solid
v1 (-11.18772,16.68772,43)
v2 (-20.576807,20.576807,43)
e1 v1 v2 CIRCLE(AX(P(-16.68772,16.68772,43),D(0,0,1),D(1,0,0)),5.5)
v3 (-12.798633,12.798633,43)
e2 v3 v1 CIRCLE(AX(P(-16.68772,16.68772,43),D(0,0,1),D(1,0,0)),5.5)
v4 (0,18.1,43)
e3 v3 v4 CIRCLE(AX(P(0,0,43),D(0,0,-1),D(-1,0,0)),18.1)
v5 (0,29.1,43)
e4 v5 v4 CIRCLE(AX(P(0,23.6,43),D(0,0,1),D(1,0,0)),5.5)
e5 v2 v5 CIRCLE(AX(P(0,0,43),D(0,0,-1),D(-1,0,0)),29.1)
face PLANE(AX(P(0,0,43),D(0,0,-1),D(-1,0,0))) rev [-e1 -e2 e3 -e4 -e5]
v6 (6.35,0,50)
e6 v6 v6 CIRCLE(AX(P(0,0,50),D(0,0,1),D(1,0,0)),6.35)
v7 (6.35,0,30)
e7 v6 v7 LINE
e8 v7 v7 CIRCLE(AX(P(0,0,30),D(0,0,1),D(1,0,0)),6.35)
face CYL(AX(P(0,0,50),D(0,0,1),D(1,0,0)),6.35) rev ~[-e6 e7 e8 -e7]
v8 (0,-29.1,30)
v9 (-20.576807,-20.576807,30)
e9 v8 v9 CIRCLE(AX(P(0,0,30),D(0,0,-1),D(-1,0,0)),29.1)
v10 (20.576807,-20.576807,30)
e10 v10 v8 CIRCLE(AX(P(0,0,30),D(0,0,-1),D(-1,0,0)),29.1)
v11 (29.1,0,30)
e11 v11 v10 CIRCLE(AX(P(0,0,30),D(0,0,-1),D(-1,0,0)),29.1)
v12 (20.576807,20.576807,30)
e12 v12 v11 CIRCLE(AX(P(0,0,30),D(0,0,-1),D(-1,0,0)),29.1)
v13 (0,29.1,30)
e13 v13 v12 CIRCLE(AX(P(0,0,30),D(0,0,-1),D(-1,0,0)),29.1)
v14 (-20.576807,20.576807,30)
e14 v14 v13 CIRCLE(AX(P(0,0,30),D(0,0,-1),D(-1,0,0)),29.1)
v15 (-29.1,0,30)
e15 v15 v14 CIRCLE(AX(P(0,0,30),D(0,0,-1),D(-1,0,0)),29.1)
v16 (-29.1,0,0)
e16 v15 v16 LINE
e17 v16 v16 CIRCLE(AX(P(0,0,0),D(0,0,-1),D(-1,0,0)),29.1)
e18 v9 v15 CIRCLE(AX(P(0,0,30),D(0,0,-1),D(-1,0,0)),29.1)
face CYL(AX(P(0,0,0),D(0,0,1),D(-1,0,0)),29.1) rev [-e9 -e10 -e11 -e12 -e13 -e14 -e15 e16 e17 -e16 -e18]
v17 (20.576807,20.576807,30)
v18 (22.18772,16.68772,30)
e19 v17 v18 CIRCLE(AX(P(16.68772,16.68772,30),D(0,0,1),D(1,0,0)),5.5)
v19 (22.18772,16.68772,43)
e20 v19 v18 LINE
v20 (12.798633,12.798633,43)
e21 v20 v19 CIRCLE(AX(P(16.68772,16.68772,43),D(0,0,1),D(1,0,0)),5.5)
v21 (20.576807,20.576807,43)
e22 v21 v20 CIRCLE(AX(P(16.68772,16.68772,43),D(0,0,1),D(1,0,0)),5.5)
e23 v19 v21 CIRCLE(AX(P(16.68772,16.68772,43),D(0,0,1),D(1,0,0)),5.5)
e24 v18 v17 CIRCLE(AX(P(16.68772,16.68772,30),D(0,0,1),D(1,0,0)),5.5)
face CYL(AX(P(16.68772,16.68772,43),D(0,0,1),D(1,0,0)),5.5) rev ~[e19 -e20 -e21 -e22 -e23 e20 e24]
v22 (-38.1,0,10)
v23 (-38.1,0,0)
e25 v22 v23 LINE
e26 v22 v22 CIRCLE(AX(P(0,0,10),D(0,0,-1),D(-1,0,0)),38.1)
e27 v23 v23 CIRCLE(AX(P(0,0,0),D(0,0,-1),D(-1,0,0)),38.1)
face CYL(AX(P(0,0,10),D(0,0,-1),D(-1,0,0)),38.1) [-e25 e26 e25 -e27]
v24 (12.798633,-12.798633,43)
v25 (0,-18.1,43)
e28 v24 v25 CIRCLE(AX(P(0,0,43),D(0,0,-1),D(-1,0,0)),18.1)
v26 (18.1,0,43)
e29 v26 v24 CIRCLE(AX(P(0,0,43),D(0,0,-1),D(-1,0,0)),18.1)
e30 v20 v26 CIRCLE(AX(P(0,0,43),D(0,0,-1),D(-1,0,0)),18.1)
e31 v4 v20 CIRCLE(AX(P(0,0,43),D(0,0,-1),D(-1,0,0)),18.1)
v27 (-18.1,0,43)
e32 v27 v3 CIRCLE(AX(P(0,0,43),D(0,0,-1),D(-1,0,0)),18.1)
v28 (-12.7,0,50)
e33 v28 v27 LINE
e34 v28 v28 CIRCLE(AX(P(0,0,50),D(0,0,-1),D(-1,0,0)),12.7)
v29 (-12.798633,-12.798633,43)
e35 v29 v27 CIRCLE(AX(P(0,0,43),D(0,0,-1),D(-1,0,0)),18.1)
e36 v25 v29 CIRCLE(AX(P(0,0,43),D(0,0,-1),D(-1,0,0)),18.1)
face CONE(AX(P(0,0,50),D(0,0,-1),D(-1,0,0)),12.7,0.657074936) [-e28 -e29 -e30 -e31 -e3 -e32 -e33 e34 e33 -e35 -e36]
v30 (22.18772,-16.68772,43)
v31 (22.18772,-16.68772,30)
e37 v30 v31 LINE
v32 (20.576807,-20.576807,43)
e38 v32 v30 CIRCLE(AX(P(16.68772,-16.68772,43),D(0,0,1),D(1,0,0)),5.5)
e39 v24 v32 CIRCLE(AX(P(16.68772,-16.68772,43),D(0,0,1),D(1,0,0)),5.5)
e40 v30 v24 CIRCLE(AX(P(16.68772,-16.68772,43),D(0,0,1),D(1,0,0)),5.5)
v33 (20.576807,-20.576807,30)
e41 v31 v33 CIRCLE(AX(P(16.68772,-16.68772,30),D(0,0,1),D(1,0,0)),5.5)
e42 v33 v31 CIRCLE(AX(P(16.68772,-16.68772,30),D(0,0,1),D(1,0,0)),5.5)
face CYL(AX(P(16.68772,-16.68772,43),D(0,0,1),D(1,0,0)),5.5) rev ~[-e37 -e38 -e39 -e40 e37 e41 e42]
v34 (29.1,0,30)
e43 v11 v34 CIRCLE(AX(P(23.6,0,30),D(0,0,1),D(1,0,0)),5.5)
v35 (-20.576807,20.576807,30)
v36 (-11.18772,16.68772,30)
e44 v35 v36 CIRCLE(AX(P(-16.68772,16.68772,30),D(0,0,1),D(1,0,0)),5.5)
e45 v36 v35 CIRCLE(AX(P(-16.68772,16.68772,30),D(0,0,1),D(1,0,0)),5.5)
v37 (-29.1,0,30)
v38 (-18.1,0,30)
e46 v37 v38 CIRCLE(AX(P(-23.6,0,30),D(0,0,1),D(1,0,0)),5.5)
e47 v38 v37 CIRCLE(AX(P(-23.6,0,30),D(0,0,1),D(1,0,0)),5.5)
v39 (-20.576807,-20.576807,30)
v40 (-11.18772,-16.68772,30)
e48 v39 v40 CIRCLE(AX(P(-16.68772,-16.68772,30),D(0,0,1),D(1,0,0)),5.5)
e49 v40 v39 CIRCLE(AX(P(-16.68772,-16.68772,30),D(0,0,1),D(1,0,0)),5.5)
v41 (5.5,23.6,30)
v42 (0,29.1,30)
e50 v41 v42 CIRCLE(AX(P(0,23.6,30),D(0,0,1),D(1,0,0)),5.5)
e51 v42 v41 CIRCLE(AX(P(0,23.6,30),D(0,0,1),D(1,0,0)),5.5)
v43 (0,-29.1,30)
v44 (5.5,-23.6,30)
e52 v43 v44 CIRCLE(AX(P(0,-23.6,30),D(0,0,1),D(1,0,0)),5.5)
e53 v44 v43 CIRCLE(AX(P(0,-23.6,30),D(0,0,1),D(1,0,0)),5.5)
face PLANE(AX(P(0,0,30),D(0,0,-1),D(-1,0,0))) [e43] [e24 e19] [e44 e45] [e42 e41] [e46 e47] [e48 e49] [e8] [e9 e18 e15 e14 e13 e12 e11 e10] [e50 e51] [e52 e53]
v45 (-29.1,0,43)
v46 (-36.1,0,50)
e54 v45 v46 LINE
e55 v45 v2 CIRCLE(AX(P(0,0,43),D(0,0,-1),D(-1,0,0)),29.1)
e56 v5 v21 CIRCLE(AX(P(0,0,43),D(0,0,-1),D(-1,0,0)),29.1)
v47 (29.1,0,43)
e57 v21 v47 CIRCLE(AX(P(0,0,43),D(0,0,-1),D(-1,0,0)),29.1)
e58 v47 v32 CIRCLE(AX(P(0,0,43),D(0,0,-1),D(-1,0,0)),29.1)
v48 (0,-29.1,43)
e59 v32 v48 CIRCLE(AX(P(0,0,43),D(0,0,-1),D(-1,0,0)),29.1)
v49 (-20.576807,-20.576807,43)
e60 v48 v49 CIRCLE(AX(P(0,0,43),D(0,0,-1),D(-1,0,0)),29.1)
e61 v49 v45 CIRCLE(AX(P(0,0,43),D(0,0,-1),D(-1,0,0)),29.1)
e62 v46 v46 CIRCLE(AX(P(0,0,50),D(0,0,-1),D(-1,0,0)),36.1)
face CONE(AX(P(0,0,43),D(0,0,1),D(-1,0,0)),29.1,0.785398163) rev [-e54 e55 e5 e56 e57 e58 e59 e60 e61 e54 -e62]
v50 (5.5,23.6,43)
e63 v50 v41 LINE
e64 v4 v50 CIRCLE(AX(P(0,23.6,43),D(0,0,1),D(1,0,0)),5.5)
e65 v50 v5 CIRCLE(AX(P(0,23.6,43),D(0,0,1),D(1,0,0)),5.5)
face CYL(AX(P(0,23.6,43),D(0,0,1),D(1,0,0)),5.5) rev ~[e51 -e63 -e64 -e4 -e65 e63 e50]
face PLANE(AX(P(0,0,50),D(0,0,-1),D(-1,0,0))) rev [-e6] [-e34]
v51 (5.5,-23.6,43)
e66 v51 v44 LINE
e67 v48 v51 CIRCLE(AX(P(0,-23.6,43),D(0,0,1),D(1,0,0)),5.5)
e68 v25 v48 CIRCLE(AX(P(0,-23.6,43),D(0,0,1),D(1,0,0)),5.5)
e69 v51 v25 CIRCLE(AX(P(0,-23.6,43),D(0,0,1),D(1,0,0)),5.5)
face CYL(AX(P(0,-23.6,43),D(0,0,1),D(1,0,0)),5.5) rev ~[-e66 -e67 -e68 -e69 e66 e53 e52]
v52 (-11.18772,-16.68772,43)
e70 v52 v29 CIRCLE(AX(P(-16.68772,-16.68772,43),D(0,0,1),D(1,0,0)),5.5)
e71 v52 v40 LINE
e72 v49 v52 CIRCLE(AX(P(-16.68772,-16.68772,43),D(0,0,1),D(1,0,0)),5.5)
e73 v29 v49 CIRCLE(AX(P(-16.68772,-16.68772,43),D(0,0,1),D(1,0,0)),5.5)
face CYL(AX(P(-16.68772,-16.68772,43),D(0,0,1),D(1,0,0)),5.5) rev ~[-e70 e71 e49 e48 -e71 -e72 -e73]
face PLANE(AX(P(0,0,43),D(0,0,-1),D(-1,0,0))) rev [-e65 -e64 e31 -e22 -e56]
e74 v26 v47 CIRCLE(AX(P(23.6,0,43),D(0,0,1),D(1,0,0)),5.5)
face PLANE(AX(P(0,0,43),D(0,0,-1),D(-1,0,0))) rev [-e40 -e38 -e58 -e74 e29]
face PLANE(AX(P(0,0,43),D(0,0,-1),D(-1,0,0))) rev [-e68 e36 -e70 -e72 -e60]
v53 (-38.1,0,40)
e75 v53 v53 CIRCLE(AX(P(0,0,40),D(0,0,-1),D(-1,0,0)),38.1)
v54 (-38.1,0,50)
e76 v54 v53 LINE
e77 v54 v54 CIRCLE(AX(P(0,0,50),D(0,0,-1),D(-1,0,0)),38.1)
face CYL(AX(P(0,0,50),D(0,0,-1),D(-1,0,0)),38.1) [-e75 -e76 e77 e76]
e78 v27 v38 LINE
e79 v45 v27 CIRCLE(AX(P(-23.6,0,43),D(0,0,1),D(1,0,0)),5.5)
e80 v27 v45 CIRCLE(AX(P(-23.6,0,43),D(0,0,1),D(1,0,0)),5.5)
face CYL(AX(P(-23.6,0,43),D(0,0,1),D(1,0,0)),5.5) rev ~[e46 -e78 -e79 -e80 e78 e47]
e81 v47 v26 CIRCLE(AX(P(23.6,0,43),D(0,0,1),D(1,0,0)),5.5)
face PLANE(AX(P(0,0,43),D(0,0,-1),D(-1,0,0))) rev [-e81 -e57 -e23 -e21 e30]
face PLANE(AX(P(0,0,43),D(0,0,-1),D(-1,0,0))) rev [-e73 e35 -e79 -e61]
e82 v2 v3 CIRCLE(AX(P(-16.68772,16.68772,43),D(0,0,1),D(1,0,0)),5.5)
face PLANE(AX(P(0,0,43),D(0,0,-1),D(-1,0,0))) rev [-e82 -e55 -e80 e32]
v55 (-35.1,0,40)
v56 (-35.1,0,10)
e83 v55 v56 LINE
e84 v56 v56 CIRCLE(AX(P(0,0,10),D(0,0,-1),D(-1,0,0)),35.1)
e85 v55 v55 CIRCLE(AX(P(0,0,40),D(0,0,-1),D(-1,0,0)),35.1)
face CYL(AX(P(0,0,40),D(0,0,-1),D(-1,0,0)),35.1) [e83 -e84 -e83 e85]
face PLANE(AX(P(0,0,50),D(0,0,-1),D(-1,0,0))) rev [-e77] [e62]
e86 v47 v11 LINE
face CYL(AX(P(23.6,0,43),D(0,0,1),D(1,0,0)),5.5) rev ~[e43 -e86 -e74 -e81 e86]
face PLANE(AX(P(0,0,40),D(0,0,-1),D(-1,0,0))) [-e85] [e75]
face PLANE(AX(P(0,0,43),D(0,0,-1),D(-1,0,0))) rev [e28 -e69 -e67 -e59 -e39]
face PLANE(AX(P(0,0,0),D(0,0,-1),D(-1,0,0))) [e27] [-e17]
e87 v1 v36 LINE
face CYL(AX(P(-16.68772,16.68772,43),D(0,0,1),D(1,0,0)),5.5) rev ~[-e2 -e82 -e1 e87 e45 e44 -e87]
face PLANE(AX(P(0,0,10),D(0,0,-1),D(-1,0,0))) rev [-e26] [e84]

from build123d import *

# Parameters (mm, degrees)
F2_R     = 5.5
F3_DEPTH = 25
F4_R     = 6.35
F5_DEPTH = 25


with BuildPart() as f1:
    # F0 (on Front) → F1 (revolve)
    with BuildSketch(Plane.XZ):
        Polygon((-38.1, 50), (-38.1, 40), (-35.1, 40), (-35.1, 10), (-38.1, 10), (-38.1, 0), (-35.1, 0), (-29.1, 0), (-29.1, 30), (0, 30), (0, 50), (-12.7, 50), (-18.1, 43), (-29.1, 43), (-36.1, 50), align=None)
    revolve(axis=Axis((0, 0, 40), (0, 0, -1)))

    # F2 (on face) → F3 (cut)
    with BuildSketch(Plane.XY.offset(43)):
        with Locations((-23.6, 0)):
            Circle(F2_R)
        with Locations((-16.68772, -16.68772)):
            Circle(F2_R)
        with Locations((0, -23.6)):
            Circle(F2_R)
        with Locations((16.68772, -16.68772)):
            Circle(F2_R)
        with Locations((23.6, 0)):
            Circle(F2_R)
        with Locations((16.68772, 16.68772)):
            Circle(F2_R)
        with Locations((0, 23.6)):
            Circle(F2_R)
        with Locations((-16.68772, 16.68772)):
            Circle(F2_R)
    extrude(amount=-F3_DEPTH, mode=Mode.SUBTRACT)

    # F4 (on face) → F5 (cut)
    with BuildSketch(Plane.XY.offset(50)):
        Circle(F4_R)
    extrude(amount=-F5_DEPTH, mode=Mode.SUBTRACT)


solid = f1.part
